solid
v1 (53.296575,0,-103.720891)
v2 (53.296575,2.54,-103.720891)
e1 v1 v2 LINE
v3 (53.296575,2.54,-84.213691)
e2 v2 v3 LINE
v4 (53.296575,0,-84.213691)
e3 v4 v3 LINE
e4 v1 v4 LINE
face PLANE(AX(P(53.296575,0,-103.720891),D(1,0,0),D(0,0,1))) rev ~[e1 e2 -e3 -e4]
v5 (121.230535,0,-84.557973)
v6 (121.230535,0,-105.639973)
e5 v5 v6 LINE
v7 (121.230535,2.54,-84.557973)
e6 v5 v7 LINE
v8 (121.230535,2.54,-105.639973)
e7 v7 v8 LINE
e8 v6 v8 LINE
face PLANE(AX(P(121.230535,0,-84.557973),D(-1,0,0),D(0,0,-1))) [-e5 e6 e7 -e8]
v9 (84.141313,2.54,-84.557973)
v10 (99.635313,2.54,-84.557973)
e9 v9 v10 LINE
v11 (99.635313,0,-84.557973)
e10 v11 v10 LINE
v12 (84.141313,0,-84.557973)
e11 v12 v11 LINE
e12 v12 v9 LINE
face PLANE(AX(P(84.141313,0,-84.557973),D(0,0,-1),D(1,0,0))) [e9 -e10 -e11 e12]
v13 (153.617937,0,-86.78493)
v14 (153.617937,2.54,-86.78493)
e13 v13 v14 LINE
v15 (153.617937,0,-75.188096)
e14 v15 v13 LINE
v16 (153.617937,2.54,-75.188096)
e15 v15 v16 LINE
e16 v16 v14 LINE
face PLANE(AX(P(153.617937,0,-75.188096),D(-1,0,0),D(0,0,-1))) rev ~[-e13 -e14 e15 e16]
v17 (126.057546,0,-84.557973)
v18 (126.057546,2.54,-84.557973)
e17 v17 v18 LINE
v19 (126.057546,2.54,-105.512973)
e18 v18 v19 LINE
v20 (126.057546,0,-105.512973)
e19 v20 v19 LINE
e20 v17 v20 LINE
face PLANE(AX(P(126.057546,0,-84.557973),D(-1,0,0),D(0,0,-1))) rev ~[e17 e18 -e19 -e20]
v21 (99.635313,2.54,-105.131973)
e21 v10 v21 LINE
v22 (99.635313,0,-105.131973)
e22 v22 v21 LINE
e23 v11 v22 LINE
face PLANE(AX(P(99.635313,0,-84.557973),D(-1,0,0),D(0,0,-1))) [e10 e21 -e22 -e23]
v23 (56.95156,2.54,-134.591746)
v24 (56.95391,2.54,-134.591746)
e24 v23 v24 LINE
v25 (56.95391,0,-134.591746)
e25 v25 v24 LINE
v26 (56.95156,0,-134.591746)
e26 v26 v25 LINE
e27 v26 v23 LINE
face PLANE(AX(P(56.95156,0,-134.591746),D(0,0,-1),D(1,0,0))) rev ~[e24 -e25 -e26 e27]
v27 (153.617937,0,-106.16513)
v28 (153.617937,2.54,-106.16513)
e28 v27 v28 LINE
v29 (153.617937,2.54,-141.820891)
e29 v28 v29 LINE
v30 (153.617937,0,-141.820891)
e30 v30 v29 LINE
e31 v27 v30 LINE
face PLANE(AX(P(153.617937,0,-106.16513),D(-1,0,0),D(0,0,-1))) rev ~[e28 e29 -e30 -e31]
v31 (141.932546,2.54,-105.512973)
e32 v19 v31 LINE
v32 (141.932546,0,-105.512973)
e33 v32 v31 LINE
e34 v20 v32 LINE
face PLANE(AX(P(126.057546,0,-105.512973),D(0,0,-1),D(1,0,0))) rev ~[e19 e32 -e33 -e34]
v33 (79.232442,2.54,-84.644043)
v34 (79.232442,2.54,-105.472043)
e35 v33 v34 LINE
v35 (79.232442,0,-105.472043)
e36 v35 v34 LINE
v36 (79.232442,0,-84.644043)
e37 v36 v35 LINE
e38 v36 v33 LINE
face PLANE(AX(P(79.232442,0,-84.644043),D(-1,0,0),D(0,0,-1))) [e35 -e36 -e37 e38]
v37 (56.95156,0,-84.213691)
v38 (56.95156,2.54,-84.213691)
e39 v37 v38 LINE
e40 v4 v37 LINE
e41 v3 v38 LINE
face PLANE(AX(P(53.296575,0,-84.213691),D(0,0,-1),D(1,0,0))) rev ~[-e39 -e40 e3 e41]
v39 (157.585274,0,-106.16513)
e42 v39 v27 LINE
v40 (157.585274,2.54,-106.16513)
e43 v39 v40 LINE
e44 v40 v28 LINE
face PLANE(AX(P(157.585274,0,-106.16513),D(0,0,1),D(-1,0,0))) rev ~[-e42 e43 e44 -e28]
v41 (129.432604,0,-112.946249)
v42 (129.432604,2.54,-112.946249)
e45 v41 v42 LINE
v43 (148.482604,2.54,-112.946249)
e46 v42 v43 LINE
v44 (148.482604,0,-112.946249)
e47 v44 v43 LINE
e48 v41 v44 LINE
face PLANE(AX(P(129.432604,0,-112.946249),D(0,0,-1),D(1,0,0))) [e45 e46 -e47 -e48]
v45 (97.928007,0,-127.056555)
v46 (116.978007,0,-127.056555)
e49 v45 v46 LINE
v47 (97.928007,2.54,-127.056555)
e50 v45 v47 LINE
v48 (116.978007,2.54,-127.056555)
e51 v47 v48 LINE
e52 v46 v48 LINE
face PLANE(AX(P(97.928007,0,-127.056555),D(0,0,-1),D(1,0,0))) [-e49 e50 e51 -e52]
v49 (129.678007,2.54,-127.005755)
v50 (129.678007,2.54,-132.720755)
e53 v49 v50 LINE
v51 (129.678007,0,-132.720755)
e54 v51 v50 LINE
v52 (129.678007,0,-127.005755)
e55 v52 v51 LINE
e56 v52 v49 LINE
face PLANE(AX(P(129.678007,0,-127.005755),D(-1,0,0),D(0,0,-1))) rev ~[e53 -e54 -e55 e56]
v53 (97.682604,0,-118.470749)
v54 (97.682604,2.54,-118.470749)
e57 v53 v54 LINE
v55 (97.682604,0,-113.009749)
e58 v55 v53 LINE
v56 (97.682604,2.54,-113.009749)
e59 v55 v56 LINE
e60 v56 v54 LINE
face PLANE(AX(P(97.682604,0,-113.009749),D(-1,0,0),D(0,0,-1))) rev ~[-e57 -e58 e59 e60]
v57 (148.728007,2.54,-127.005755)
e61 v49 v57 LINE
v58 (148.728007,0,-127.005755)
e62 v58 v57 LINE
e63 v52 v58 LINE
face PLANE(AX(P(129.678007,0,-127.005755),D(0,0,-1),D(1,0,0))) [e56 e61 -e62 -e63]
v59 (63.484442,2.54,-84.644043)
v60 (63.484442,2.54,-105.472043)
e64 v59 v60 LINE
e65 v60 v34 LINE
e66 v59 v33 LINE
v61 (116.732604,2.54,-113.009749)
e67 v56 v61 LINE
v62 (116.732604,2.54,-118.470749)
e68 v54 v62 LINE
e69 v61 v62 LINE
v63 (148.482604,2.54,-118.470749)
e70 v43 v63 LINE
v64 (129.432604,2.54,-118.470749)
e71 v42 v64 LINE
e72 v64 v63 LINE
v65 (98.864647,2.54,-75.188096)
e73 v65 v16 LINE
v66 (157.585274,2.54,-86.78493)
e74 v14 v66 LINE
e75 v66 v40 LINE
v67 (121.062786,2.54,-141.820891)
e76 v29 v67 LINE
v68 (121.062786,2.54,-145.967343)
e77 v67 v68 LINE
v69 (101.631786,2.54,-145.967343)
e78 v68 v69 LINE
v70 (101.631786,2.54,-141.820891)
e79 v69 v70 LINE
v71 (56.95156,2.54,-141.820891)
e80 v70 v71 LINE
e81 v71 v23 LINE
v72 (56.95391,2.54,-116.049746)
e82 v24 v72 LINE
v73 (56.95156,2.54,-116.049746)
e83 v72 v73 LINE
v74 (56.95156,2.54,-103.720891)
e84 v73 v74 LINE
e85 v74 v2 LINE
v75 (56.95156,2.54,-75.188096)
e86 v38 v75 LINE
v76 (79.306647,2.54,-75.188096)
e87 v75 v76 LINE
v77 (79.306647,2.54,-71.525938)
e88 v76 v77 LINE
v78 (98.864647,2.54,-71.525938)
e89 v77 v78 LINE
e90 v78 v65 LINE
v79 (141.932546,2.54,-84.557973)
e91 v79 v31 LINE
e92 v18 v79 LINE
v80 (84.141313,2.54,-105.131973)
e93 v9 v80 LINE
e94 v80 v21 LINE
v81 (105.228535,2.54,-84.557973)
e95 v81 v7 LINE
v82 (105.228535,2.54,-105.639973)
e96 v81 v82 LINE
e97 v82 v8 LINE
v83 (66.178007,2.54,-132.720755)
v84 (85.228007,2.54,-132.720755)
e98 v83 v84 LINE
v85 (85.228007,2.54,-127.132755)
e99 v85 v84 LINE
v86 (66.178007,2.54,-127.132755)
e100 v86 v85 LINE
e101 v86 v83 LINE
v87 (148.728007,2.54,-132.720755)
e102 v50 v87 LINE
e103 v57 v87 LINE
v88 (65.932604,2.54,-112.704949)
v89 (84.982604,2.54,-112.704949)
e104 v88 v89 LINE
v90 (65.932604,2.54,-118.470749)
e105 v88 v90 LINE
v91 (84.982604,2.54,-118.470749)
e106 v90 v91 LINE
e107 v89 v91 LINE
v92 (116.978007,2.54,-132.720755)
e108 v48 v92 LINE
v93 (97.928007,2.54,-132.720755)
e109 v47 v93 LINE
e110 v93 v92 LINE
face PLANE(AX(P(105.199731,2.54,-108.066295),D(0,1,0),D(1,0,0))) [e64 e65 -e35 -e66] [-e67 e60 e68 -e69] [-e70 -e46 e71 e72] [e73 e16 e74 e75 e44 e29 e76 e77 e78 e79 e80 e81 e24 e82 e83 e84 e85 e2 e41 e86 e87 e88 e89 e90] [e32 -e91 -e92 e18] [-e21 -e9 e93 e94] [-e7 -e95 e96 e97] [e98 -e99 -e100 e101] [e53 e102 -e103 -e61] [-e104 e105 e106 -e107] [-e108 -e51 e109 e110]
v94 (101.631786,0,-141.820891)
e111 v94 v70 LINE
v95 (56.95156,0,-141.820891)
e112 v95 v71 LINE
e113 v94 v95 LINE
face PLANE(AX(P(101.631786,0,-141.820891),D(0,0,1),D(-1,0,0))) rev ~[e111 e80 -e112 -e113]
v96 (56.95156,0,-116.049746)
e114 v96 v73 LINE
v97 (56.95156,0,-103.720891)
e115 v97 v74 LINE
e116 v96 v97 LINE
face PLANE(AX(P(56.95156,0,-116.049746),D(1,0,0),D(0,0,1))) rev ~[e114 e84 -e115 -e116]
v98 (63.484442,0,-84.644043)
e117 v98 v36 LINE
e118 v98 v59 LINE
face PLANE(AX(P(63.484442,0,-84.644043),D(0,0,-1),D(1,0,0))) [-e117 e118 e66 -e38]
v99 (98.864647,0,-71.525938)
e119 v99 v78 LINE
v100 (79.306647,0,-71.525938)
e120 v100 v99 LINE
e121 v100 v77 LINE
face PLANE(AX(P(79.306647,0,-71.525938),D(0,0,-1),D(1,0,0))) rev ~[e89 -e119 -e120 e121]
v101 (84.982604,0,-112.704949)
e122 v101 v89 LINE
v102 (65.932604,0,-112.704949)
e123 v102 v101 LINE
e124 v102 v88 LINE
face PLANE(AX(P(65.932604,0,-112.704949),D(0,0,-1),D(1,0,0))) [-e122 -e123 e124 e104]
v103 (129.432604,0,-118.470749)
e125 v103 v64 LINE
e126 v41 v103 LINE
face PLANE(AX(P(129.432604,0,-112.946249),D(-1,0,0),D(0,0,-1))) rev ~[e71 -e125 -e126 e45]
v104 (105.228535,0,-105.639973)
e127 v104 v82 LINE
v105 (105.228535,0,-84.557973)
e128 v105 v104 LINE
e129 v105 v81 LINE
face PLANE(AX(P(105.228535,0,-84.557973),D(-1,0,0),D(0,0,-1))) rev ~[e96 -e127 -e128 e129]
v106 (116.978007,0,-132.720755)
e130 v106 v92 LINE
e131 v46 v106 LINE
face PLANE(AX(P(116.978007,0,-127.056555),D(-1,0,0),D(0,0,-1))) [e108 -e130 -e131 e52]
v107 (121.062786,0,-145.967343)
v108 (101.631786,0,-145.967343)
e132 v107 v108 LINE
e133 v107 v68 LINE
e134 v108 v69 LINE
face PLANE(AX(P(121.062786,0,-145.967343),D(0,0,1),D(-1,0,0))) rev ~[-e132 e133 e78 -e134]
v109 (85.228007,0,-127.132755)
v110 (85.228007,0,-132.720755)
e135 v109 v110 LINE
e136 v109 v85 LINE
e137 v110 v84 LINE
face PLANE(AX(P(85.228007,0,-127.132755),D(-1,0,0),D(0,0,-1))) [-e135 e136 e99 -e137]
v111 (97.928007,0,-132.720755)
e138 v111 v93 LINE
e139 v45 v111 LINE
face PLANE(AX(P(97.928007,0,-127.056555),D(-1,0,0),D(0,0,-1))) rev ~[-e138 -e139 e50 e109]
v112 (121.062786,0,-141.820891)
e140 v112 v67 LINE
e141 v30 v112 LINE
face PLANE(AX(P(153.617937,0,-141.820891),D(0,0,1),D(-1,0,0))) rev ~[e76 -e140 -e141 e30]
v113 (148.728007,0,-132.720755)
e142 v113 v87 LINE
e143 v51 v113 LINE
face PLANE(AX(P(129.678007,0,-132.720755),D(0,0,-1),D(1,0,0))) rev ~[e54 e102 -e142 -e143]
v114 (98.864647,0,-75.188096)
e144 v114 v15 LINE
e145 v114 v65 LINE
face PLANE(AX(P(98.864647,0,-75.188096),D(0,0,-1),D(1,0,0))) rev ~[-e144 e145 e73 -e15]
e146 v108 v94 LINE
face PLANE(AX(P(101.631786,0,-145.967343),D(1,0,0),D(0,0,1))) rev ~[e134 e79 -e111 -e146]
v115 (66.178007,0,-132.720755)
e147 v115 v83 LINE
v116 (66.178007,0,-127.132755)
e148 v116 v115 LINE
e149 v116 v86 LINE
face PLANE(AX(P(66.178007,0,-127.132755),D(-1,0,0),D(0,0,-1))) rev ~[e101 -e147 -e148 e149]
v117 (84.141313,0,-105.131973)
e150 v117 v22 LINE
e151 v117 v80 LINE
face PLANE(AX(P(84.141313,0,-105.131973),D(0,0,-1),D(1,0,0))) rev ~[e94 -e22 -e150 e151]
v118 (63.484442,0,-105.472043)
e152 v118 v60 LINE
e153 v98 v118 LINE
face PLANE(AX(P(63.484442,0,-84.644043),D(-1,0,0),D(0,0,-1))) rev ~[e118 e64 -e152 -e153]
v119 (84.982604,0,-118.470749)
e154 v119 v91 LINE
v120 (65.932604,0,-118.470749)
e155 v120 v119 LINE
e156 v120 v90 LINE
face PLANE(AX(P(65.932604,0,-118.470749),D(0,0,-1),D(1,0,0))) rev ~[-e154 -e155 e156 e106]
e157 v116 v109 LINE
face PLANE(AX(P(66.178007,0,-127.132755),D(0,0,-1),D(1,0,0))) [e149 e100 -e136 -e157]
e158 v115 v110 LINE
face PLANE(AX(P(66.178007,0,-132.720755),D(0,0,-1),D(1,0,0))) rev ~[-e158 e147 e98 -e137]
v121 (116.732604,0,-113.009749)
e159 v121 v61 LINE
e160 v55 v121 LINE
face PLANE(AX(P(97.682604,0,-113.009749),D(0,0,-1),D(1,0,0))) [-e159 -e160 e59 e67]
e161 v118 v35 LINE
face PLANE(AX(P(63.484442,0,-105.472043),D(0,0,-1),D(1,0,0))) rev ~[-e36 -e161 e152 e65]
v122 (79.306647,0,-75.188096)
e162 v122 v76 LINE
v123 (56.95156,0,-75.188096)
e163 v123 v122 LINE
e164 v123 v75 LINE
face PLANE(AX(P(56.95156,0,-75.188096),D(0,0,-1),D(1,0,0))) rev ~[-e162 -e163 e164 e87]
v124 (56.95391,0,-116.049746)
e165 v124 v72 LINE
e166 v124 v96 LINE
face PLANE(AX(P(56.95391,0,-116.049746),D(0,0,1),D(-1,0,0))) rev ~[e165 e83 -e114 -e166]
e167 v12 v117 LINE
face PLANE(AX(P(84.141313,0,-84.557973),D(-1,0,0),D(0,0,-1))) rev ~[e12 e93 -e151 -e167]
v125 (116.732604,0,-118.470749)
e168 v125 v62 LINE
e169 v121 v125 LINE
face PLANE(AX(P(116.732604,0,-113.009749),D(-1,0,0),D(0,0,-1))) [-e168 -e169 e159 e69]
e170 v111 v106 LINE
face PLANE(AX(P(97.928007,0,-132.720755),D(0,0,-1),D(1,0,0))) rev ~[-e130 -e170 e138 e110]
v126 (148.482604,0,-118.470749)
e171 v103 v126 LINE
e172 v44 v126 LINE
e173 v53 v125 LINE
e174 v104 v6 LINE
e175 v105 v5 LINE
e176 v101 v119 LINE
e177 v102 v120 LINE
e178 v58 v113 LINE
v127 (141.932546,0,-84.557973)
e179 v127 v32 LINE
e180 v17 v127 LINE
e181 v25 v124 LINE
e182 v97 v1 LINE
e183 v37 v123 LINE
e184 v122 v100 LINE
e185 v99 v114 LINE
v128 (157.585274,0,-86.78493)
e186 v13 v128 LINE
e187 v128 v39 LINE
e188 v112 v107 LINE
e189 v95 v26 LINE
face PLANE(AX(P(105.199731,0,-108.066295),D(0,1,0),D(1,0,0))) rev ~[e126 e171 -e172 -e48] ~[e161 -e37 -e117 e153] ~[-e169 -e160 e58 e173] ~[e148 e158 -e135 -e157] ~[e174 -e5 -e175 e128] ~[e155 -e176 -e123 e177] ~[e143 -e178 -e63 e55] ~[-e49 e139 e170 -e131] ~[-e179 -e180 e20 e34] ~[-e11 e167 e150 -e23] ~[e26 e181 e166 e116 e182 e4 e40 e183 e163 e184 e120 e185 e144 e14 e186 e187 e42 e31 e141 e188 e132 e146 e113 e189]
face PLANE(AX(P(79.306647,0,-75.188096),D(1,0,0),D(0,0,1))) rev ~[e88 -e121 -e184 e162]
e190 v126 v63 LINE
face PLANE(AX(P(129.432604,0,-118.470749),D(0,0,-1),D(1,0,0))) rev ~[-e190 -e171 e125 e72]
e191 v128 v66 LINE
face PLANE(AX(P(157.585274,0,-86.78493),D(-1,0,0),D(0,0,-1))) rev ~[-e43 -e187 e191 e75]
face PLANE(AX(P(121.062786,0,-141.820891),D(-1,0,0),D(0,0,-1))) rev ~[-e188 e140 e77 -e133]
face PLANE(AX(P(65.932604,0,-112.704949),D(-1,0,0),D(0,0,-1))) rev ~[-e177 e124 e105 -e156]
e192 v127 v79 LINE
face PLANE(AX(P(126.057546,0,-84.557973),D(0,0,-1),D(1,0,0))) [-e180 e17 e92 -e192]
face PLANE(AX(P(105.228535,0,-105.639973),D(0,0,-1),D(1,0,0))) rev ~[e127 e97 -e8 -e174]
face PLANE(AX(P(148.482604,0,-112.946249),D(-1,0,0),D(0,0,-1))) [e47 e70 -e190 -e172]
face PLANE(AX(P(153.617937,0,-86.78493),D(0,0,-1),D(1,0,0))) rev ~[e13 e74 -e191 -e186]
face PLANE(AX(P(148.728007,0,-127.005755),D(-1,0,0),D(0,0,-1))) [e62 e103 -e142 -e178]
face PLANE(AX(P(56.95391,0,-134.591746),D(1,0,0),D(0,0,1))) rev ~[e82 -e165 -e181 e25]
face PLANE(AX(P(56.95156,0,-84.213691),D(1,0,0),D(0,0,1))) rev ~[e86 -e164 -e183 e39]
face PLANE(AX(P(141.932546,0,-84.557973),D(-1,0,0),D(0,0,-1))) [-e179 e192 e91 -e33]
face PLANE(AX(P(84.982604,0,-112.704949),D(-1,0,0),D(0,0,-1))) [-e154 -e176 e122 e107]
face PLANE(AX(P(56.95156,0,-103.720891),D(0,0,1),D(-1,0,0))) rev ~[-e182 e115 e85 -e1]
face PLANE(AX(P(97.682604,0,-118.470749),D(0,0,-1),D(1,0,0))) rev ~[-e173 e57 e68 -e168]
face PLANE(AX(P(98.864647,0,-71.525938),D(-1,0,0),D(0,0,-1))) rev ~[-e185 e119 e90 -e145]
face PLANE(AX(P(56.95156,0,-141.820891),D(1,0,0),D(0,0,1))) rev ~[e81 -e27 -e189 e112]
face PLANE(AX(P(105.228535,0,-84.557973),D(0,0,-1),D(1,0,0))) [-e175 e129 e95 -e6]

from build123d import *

# Parameters (mm, degrees)
SKETCH1_W           = 19.05
SKETCH1_H           = 5.7658
SKETCH1_H_2         = 5.5245
SKETCH1_H_3         = 5.461
SKETCH1_W_2         = 15.748
SKETCH1_H_4         = 20.828
SKETCH1_W_3         = 15.494
SKETCH1_H_5         = 20.574
SKETCH1_W_4         = 16.002
SKETCH1_H_6         = 21.082
SKETCH1_W_5         = 15.875
SKETCH1_H_7         = 20.955
SKETCH1_H_8         = 5.588
SKETCH1_H_9         = 5.715
SKETCH1_H_10        = 5.6642
BOSS_EXTRUDE1_DEPTH = 2.54


with BuildPart() as part:
    # Sketch1 → Boss-Extrude1 (new body)
    with BuildSketch(Plane(origin=(0, 0, 0), x_dir=(1, 0, 0), z_dir=(0, 1, 0))):
        Polygon((56.951560312, 84.213691439), (56.951560312, 75.188096428), (79.306647339, 75.188096428), (79.306647339, 71.525938437), (98.864647339, 71.525938437), (98.864647339, 75.188096428), (153.617936559, 75.188096428), (153.617936559, 86.784930064), (157.585274382, 86.784930064), (157.585274382, 106.165130064), (153.617936559, 106.165130064), (153.617936559, 141.820891439), (121.062786422, 141.820891439), (121.062786422, 145.967343453), (101.631786422, 145.967343453), (101.631786422, 141.820891439), (56.951560312, 141.820891439), (56.951560312, 134.591745655), (56.953910325, 134.591745655), (56.953910325, 116.049745655), (56.951560312, 116.049745655), (56.951560312, 103.720891439), (53.296575292, 103.720891439), (53.296575292, 84.213691439), align=None)
        with Locations((75.457604332, 115.587849021)):
            Rectangle(SKETCH1_W, SKETCH1_H, mode=Mode.SUBTRACT)
        with Locations((138.957604332, 115.708499021)):
            Rectangle(SKETCH1_W, SKETCH1_H_2, mode=Mode.SUBTRACT)
        with Locations((107.207604332, 115.740249021)):
            Rectangle(SKETCH1_W, SKETCH1_H_3, mode=Mode.SUBTRACT)
        with Locations((71.358442331, 95.058042907)):
            Rectangle(SKETCH1_W_2, SKETCH1_H_4, mode=Mode.SUBTRACT)
        with Locations((91.888312798, 94.844972613)):
            Rectangle(SKETCH1_W_3, SKETCH1_H_5, mode=Mode.SUBTRACT)
        with Locations((113.229534733, 95.098972613)):
            Rectangle(SKETCH1_W_4, SKETCH1_H_6, mode=Mode.SUBTRACT)
        with Locations((133.995045787, 95.035472613)):
            Rectangle(SKETCH1_W_5, SKETCH1_H_7, mode=Mode.SUBTRACT)
        with Locations((75.70300706, 129.926754737)):
            Rectangle(SKETCH1_W, SKETCH1_H_8, mode=Mode.SUBTRACT)
        with Locations((139.20300706, 129.863254737)):
            Rectangle(SKETCH1_W, SKETCH1_H_9, mode=Mode.SUBTRACT)
        with Locations((107.45300706, 129.888654737)):
            Rectangle(SKETCH1_W, SKETCH1_H_10, mode=Mode.SUBTRACT)
    extrude(amount=BOSS_EXTRUDE1_DEPTH)


solid = part.part
